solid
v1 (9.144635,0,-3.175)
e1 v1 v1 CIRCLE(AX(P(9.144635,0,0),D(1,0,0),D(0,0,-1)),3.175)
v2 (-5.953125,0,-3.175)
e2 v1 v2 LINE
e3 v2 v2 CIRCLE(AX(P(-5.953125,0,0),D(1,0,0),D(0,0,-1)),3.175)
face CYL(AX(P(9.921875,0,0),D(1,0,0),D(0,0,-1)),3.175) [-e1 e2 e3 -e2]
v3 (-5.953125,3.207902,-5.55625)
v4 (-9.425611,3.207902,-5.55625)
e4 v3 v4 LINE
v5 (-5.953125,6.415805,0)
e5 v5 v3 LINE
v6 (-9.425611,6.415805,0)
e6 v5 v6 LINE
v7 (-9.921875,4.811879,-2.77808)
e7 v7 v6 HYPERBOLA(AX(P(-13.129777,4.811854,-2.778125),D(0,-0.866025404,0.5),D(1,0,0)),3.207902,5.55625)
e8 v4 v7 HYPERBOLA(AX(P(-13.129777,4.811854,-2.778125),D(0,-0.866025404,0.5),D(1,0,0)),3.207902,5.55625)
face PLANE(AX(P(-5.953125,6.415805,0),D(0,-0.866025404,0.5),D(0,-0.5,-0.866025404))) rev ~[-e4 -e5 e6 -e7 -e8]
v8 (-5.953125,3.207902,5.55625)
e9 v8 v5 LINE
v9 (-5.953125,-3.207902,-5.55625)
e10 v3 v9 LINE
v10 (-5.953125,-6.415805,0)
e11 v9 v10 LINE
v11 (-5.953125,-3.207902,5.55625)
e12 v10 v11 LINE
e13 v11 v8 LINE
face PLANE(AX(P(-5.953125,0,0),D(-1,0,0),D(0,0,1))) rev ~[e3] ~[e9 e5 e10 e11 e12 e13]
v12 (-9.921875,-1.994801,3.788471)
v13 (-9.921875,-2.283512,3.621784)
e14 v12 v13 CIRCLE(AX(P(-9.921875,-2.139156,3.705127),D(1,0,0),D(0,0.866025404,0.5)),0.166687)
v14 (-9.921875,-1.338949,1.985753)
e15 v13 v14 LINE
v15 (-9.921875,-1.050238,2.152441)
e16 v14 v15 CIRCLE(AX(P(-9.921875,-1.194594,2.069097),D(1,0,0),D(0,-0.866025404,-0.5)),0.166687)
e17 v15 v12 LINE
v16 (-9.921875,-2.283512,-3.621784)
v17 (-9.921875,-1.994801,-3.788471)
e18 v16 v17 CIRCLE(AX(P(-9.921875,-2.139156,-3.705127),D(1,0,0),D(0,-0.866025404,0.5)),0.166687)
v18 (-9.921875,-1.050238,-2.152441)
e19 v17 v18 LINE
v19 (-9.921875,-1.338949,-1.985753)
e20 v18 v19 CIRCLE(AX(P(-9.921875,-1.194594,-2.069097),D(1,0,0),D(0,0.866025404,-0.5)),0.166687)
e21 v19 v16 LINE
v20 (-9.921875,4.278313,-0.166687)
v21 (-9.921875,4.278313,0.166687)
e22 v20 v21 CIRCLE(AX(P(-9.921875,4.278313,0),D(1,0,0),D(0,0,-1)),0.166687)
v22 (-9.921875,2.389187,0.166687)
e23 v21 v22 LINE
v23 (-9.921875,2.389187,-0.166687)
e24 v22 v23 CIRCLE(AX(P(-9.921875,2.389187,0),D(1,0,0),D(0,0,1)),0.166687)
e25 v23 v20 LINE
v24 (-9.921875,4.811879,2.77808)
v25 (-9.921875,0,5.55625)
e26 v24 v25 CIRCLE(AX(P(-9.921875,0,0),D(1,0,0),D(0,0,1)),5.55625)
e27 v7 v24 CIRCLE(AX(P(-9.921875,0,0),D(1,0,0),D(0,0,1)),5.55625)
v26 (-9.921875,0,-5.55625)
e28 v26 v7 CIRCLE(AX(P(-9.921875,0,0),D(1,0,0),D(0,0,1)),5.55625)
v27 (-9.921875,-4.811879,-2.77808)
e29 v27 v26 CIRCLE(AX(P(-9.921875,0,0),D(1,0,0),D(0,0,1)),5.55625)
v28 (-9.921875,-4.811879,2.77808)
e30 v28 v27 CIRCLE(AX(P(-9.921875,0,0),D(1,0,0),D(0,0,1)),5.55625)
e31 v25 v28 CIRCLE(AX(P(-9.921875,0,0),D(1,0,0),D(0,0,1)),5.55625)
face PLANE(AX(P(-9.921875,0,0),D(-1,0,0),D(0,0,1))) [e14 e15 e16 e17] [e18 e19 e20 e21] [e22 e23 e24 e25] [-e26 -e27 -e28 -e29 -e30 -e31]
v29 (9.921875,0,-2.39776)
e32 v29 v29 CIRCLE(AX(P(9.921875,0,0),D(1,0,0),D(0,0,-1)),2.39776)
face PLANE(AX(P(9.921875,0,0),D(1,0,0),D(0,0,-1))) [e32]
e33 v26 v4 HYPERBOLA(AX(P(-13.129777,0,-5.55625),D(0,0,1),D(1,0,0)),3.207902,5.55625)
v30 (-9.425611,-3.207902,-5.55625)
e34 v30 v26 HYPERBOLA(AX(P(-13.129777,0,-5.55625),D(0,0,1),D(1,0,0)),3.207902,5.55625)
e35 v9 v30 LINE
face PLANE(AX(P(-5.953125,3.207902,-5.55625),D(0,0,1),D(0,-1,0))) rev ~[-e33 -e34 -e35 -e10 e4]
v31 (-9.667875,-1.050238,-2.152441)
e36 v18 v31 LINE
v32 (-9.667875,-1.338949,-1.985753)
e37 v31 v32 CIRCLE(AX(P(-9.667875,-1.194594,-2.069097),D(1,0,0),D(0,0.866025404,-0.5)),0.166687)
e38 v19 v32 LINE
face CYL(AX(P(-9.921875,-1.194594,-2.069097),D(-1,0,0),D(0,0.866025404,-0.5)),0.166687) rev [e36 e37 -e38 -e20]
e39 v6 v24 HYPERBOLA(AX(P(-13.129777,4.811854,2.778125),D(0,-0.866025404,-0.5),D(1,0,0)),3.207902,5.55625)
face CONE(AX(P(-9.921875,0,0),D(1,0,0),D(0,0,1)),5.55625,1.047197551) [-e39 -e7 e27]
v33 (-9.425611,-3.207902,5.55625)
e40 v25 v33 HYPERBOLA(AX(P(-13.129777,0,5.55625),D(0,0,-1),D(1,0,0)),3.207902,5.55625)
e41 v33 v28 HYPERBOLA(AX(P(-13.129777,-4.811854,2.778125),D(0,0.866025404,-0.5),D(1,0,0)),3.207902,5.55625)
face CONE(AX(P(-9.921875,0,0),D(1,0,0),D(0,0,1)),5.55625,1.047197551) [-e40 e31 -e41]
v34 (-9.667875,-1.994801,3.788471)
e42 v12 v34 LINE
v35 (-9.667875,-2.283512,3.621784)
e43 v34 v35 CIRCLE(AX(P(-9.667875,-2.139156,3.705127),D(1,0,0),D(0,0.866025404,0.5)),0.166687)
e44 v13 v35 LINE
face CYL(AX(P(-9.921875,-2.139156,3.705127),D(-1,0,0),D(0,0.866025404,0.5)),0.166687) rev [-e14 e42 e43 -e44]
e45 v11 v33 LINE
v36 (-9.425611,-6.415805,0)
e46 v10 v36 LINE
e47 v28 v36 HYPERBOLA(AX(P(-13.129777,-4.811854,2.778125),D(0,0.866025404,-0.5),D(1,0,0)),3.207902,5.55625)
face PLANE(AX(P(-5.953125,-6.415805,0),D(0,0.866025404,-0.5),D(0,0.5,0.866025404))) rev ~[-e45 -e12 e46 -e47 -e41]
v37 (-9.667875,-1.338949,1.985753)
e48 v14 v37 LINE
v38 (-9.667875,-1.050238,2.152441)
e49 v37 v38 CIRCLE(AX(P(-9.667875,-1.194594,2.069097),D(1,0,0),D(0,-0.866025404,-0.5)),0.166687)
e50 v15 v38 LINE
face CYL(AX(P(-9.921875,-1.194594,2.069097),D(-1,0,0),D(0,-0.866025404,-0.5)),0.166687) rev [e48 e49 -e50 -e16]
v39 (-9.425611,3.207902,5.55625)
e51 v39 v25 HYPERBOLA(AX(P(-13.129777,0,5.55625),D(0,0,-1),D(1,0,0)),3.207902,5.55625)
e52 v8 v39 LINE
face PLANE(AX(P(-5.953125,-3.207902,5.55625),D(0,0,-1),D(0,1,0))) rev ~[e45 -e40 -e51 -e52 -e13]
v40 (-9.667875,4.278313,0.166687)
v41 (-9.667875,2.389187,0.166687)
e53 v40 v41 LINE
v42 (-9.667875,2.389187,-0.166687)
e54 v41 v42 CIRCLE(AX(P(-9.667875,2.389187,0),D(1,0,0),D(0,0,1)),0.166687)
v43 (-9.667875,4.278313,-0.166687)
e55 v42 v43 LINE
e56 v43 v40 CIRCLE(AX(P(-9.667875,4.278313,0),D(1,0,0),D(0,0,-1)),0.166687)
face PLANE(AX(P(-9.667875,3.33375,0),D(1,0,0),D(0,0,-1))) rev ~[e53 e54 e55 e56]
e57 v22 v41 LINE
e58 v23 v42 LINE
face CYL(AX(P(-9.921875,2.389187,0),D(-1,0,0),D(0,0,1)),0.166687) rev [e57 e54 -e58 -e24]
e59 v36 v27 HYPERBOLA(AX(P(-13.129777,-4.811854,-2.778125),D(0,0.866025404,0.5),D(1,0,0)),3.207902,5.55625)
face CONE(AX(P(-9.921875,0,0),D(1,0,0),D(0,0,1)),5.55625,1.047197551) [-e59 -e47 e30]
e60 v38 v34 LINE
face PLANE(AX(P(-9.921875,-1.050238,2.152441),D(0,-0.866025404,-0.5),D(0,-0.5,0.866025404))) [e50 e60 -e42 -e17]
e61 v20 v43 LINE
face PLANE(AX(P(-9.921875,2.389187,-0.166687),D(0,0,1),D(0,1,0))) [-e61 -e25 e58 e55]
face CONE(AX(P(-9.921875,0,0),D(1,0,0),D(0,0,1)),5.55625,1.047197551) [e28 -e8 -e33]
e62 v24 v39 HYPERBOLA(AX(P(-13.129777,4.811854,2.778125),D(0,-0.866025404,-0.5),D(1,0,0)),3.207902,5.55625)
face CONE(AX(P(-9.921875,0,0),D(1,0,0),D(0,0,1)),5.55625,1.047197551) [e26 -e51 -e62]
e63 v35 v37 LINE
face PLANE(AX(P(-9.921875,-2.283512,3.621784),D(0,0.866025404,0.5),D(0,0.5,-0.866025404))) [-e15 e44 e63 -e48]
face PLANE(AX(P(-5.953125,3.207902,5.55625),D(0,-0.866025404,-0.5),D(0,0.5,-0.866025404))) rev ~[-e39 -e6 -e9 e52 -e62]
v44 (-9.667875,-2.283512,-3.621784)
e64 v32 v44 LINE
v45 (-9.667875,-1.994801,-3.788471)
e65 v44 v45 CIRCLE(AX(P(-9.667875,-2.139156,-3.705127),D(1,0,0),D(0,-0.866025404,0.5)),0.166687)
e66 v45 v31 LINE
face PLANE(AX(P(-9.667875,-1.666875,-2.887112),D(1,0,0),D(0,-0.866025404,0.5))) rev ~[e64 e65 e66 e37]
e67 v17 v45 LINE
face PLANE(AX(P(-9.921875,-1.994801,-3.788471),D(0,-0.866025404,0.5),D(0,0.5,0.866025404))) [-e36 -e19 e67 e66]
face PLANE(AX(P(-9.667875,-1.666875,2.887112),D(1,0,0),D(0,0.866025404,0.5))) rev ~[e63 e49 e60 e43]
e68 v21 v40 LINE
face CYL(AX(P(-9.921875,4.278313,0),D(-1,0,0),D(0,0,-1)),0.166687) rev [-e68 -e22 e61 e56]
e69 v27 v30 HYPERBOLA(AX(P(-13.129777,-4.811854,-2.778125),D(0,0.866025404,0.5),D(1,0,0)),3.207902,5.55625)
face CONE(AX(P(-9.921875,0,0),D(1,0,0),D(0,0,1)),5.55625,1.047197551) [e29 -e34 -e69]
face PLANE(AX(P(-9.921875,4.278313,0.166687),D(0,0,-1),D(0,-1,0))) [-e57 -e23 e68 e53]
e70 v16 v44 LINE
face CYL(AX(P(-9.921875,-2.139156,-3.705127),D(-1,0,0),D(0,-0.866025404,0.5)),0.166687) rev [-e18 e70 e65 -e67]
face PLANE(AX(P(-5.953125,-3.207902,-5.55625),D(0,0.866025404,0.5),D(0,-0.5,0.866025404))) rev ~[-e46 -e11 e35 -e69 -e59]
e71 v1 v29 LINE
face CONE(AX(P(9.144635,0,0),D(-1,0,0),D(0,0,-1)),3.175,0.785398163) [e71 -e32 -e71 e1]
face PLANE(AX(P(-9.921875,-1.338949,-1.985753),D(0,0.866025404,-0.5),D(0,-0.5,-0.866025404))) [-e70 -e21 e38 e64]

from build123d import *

# Parameters (mm, degrees)
SKETCH5_R           = 3.175
BOSS_EXTRUDE3_DEPTH = 15.875
CHAMFER1_SIZE       = 0.77724
BOSS_EXTRUDE4_DEPTH = 3.96875
SKETCH8_OUTSIDE_W   = 90.54
SKETCH8_OUTSIDE_H   = 92.26
SKETCH8_OUTSIDE_R   = 5.55625
CUT_EXTRUDE3_DEPTH  = 20.84375
CUT_EXTRUDE3_TAPER  = 60
CUT_EXTRUDE4_DEPTH  = 0.254
CIRPATTERN1_COUNT   = 3


with BuildPart() as part:
    # Sketch5 → Boss-Extrude3 (new body)
    with BuildSketch(Plane(origin=(9.921875, 0, 0), x_dir=(0, 0, -1), z_dir=(1, 0, 0))):
        Circle(SKETCH5_R)
    extrude(amount=-BOSS_EXTRUDE3_DEPTH)

    # Chamfer1
    chamfer1_edges = [part.edges().sort_by_distance(p)[0] for p in [
        (9.921875, 0, 3.175),
    ]]
    chamfer(chamfer1_edges, length=CHAMFER1_SIZE)

    # Sketch6 → Boss-Extrude4 (add)
    with BuildSketch(Plane.ZY.offset(5.953125)):
        Polygon((5.55625, 3.207902433), (0, 6.415804866), (-5.55625, 3.207902433), (-5.55625, -3.207902433), (0, -6.415804866), (5.55625, -3.207902433), align=None)
    extrude(amount=BOSS_EXTRUDE4_DEPTH)

    # Sketch8 outside → Cut-Extrude3 (cut, through all)
    with BuildSketch(Plane.ZY.offset(9.921875)):
        Rectangle(SKETCH8_OUTSIDE_W, SKETCH8_OUTSIDE_H)
        Circle(SKETCH8_OUTSIDE_R, mode=Mode.SUBTRACT)
    extrude(amount=-CUT_EXTRUDE3_DEPTH, taper=CUT_EXTRUDE3_TAPER, mode=Mode.SUBTRACT)

    # Sketch12 → Cut-Extrude4 (cut)
    with BuildSketch(Plane.ZY.offset(9.921875)):
        with BuildLine():
            Line((0.1666875, 4.2783125), (0.1666875, 2.3891875))
            ThreePointArc((0.1666875, 2.3891875), (0, 2.2225), (-0.1666875, 2.3891875))
            Line((-0.1666875, 2.3891875), (-0.1666875, 4.2783125))
            ThreePointArc((-0.1666875, 4.2783125), (0, 4.445), (0.1666875, 4.2783125))
        make_face()
    cut_extrude4 = extrude(amount=-CUT_EXTRUDE4_DEPTH, mode=Mode.SUBTRACT)

    # CirPattern1: Cut-Extrude4 ×3 about axis
    cirpattern1_axis = Axis((0, 0, 0), (1, 0, 0))
    for i in range(1, CIRPATTERN1_COUNT):
        add(cut_extrude4.rotate(cirpattern1_axis, i * 360 / CIRPATTERN1_COUNT), mode=Mode.SUBTRACT)


solid = part.part
